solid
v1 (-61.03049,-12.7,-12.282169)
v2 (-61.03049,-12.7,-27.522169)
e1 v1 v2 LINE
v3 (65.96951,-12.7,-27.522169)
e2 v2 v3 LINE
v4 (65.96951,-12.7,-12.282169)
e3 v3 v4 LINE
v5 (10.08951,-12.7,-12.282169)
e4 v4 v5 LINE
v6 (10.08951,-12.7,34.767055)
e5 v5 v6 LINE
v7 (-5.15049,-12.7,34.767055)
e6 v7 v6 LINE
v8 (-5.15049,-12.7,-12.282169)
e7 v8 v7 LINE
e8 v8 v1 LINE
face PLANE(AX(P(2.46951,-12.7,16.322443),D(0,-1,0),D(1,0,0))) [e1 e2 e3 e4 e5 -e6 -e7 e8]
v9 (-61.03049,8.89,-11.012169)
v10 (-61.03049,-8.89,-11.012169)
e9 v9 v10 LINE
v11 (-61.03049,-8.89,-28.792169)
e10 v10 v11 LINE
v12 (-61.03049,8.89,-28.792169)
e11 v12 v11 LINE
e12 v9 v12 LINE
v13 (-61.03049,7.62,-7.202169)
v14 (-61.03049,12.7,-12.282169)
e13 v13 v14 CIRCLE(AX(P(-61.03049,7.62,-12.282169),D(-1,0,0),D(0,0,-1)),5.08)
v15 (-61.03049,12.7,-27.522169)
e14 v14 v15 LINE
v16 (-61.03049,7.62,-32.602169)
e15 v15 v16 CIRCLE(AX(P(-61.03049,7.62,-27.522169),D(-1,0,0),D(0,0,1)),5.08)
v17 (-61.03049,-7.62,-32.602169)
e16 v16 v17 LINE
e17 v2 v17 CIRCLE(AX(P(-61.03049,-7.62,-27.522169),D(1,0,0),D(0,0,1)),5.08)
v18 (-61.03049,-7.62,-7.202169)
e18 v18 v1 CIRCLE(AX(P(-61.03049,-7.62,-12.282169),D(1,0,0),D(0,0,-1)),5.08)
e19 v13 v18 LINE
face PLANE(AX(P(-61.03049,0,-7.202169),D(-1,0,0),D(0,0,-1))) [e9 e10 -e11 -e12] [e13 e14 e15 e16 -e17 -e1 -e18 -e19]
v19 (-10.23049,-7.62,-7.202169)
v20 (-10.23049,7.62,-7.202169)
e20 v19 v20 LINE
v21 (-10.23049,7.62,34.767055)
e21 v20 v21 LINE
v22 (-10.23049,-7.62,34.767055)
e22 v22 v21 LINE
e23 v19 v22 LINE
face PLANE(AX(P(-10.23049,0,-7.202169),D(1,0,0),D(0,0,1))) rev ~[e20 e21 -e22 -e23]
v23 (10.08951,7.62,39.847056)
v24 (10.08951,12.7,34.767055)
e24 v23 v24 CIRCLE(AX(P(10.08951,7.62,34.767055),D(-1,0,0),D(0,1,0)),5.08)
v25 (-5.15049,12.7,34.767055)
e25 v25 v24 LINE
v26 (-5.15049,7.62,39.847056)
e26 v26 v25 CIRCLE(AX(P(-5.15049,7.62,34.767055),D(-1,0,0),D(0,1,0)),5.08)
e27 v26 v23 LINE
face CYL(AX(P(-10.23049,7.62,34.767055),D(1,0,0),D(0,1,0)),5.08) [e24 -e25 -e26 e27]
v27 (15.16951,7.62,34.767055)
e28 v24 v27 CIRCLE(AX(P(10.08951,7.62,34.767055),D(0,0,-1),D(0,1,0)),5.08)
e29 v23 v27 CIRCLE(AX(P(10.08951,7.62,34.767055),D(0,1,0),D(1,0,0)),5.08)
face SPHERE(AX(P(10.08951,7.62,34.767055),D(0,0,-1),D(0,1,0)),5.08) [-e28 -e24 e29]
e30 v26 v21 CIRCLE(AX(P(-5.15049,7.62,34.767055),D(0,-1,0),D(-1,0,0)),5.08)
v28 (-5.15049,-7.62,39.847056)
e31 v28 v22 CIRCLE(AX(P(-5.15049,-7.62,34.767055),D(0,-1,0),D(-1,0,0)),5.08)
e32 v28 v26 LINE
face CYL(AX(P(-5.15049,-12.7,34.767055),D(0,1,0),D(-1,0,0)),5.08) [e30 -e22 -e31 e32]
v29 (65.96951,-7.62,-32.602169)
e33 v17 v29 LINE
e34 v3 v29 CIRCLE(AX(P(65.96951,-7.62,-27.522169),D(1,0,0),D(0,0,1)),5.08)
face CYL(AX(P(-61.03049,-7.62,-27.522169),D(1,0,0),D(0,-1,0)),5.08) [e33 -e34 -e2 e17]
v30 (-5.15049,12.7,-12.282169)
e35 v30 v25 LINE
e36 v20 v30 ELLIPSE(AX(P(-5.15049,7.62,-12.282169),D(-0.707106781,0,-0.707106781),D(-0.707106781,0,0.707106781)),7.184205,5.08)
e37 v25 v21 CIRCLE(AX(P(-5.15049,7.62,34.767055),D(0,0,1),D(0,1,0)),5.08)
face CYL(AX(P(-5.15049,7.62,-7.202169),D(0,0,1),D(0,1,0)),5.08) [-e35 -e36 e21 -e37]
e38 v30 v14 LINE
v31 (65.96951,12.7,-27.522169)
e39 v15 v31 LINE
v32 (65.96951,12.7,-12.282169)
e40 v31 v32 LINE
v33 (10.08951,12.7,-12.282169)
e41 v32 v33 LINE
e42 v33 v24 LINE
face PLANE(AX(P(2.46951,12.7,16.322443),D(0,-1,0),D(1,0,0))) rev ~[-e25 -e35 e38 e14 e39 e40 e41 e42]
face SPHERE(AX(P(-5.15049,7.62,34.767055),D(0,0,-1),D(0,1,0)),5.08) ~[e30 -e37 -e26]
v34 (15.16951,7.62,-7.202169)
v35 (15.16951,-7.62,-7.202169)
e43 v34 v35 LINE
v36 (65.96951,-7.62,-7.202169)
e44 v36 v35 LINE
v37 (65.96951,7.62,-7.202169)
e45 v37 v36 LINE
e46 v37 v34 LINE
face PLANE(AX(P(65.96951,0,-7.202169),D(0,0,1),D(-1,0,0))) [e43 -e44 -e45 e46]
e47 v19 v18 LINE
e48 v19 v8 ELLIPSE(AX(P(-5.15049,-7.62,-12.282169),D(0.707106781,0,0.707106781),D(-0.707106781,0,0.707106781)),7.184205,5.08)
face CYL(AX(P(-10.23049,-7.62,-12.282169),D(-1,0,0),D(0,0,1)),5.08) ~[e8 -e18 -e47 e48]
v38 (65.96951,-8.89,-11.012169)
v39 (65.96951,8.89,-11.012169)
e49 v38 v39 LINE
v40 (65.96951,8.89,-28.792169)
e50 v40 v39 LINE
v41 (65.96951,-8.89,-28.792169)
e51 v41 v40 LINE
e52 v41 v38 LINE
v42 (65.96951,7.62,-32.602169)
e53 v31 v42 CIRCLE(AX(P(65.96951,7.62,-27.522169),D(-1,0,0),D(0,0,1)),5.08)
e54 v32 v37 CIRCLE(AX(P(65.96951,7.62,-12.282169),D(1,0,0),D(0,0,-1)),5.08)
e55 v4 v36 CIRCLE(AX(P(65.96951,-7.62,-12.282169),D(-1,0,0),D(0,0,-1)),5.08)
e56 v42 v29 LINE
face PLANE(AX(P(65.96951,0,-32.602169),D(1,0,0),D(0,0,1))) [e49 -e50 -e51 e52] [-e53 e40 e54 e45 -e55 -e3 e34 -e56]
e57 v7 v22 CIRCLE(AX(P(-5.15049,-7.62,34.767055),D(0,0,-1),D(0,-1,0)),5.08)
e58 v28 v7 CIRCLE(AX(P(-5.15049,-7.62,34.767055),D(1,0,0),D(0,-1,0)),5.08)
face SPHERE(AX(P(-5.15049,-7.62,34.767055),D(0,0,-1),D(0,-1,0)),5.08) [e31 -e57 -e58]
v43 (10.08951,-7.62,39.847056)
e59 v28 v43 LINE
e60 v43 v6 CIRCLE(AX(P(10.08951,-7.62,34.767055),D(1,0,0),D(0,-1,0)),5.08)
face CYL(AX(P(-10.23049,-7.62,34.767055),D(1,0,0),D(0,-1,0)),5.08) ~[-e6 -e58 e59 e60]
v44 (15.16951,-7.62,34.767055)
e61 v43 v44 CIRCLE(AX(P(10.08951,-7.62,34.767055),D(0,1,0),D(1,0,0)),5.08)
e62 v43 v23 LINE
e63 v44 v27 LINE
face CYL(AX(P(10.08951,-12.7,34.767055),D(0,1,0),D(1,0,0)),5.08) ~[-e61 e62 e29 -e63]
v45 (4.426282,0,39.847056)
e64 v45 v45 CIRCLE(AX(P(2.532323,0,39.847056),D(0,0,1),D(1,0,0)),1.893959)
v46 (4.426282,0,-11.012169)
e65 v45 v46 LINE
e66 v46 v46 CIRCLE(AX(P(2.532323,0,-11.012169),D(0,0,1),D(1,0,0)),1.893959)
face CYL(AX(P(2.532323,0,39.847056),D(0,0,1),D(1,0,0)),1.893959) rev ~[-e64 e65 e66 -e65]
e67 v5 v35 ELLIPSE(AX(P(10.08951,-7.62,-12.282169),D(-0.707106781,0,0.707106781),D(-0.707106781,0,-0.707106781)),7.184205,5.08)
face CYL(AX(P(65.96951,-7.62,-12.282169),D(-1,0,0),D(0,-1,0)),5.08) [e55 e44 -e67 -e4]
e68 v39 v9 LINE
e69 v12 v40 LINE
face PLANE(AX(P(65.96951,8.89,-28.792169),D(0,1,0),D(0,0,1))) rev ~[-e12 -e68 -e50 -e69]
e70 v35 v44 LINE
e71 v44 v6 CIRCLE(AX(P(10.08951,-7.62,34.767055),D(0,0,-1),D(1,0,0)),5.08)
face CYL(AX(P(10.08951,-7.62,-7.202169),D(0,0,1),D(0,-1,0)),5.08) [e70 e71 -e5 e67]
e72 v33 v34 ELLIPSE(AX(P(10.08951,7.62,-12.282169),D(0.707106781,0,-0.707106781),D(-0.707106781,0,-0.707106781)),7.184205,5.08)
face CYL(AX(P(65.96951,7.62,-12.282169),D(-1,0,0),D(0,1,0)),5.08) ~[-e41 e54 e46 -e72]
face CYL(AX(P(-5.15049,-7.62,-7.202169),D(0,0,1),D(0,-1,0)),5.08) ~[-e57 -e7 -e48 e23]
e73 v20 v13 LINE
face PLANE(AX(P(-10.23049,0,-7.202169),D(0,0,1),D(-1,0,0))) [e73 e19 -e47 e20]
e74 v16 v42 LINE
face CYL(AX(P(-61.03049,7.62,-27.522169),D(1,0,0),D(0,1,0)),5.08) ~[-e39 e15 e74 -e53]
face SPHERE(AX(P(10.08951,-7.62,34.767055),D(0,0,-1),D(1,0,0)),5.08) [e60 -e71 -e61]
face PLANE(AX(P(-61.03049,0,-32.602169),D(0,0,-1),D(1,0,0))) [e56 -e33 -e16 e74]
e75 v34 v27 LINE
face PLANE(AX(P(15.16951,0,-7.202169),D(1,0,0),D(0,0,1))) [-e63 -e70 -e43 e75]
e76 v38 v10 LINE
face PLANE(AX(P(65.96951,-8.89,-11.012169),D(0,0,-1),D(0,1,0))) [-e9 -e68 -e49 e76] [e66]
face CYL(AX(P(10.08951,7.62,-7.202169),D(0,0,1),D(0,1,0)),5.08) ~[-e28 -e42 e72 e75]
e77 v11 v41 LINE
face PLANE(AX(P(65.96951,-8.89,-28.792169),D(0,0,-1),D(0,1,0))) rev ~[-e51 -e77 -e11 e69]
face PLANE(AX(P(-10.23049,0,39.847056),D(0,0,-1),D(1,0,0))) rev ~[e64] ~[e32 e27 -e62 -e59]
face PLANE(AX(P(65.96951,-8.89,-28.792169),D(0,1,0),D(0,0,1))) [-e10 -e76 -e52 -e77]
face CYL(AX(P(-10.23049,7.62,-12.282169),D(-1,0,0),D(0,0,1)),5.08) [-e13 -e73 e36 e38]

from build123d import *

# Parameters (mm, degrees)
F0_W     = 25.4
F0_H     = 47.049225
F1_DEPTH = 12.7
F2_W     = 17.78
F2_H     = 17.78
F3_DEPTH = 240.03
F4_R     = 1.893959
F5_DEPTH = 63.5
F6_R     = 5.08


with BuildPart() as f1:
    # F0 (on Front) → F1 (new body, symmetric)
    with BuildSketch(Plane.XZ):
        with Locations((2.46951, 16.322443)):
            Rectangle(F0_W, F0_H)
        Polygon((-61.03049, -7.202169), (-61.03049, -32.602169), (65.96951, -32.602169), (65.96951, -7.202169), (15.16951, -7.202169), (-10.23049, -7.202169), align=None)
    extrude(amount=F1_DEPTH, both=True)

    # F2 (on face) → F3 (cut, symmetric)
    with BuildSketch(Plane.YZ.offset(65.96951)):
        with Locations((0, -19.902169)):
            Rectangle(F2_W, F2_H)
    extrude(amount=F3_DEPTH, both=True, mode=Mode.SUBTRACT)

    # F4 (on face) → F5 (cut, symmetric)
    with BuildSketch(Plane.XY.offset(39.847056)):
        with Locations((2.532323, 0)):
            Circle(F4_R)
    extrude(amount=-F5_DEPTH, both=True, mode=Mode.SUBTRACT)

    # F6
    f6_edges = [f1.edges().sort_by_distance(p)[0] for p in [
        (40.56951, -12.7, -7.202169),
        (40.56951, 12.7, -7.202169),
        (-35.63049, -12.7, -7.202169),
        (-35.63049, 12.7, -7.202169),
        (2.46951, -12.7, -32.602169),
        (2.46951, 12.7, -32.602169),
        (15.16951, -12.7, 16.322444),
        (-10.23049, -12.7, 16.322444),
        (-10.23049, 12.7, 16.322444),
        (15.16951, 12.7, 16.322444),
        (2.46951, 12.7, 39.847056),
        (15.16951, 0, 39.847056),
        (2.46951, -12.7, 39.847056),
        (-10.23049, 0, 39.847056),
    ]]
    fillet(f6_edges, radius=F6_R)


solid = f1.part
